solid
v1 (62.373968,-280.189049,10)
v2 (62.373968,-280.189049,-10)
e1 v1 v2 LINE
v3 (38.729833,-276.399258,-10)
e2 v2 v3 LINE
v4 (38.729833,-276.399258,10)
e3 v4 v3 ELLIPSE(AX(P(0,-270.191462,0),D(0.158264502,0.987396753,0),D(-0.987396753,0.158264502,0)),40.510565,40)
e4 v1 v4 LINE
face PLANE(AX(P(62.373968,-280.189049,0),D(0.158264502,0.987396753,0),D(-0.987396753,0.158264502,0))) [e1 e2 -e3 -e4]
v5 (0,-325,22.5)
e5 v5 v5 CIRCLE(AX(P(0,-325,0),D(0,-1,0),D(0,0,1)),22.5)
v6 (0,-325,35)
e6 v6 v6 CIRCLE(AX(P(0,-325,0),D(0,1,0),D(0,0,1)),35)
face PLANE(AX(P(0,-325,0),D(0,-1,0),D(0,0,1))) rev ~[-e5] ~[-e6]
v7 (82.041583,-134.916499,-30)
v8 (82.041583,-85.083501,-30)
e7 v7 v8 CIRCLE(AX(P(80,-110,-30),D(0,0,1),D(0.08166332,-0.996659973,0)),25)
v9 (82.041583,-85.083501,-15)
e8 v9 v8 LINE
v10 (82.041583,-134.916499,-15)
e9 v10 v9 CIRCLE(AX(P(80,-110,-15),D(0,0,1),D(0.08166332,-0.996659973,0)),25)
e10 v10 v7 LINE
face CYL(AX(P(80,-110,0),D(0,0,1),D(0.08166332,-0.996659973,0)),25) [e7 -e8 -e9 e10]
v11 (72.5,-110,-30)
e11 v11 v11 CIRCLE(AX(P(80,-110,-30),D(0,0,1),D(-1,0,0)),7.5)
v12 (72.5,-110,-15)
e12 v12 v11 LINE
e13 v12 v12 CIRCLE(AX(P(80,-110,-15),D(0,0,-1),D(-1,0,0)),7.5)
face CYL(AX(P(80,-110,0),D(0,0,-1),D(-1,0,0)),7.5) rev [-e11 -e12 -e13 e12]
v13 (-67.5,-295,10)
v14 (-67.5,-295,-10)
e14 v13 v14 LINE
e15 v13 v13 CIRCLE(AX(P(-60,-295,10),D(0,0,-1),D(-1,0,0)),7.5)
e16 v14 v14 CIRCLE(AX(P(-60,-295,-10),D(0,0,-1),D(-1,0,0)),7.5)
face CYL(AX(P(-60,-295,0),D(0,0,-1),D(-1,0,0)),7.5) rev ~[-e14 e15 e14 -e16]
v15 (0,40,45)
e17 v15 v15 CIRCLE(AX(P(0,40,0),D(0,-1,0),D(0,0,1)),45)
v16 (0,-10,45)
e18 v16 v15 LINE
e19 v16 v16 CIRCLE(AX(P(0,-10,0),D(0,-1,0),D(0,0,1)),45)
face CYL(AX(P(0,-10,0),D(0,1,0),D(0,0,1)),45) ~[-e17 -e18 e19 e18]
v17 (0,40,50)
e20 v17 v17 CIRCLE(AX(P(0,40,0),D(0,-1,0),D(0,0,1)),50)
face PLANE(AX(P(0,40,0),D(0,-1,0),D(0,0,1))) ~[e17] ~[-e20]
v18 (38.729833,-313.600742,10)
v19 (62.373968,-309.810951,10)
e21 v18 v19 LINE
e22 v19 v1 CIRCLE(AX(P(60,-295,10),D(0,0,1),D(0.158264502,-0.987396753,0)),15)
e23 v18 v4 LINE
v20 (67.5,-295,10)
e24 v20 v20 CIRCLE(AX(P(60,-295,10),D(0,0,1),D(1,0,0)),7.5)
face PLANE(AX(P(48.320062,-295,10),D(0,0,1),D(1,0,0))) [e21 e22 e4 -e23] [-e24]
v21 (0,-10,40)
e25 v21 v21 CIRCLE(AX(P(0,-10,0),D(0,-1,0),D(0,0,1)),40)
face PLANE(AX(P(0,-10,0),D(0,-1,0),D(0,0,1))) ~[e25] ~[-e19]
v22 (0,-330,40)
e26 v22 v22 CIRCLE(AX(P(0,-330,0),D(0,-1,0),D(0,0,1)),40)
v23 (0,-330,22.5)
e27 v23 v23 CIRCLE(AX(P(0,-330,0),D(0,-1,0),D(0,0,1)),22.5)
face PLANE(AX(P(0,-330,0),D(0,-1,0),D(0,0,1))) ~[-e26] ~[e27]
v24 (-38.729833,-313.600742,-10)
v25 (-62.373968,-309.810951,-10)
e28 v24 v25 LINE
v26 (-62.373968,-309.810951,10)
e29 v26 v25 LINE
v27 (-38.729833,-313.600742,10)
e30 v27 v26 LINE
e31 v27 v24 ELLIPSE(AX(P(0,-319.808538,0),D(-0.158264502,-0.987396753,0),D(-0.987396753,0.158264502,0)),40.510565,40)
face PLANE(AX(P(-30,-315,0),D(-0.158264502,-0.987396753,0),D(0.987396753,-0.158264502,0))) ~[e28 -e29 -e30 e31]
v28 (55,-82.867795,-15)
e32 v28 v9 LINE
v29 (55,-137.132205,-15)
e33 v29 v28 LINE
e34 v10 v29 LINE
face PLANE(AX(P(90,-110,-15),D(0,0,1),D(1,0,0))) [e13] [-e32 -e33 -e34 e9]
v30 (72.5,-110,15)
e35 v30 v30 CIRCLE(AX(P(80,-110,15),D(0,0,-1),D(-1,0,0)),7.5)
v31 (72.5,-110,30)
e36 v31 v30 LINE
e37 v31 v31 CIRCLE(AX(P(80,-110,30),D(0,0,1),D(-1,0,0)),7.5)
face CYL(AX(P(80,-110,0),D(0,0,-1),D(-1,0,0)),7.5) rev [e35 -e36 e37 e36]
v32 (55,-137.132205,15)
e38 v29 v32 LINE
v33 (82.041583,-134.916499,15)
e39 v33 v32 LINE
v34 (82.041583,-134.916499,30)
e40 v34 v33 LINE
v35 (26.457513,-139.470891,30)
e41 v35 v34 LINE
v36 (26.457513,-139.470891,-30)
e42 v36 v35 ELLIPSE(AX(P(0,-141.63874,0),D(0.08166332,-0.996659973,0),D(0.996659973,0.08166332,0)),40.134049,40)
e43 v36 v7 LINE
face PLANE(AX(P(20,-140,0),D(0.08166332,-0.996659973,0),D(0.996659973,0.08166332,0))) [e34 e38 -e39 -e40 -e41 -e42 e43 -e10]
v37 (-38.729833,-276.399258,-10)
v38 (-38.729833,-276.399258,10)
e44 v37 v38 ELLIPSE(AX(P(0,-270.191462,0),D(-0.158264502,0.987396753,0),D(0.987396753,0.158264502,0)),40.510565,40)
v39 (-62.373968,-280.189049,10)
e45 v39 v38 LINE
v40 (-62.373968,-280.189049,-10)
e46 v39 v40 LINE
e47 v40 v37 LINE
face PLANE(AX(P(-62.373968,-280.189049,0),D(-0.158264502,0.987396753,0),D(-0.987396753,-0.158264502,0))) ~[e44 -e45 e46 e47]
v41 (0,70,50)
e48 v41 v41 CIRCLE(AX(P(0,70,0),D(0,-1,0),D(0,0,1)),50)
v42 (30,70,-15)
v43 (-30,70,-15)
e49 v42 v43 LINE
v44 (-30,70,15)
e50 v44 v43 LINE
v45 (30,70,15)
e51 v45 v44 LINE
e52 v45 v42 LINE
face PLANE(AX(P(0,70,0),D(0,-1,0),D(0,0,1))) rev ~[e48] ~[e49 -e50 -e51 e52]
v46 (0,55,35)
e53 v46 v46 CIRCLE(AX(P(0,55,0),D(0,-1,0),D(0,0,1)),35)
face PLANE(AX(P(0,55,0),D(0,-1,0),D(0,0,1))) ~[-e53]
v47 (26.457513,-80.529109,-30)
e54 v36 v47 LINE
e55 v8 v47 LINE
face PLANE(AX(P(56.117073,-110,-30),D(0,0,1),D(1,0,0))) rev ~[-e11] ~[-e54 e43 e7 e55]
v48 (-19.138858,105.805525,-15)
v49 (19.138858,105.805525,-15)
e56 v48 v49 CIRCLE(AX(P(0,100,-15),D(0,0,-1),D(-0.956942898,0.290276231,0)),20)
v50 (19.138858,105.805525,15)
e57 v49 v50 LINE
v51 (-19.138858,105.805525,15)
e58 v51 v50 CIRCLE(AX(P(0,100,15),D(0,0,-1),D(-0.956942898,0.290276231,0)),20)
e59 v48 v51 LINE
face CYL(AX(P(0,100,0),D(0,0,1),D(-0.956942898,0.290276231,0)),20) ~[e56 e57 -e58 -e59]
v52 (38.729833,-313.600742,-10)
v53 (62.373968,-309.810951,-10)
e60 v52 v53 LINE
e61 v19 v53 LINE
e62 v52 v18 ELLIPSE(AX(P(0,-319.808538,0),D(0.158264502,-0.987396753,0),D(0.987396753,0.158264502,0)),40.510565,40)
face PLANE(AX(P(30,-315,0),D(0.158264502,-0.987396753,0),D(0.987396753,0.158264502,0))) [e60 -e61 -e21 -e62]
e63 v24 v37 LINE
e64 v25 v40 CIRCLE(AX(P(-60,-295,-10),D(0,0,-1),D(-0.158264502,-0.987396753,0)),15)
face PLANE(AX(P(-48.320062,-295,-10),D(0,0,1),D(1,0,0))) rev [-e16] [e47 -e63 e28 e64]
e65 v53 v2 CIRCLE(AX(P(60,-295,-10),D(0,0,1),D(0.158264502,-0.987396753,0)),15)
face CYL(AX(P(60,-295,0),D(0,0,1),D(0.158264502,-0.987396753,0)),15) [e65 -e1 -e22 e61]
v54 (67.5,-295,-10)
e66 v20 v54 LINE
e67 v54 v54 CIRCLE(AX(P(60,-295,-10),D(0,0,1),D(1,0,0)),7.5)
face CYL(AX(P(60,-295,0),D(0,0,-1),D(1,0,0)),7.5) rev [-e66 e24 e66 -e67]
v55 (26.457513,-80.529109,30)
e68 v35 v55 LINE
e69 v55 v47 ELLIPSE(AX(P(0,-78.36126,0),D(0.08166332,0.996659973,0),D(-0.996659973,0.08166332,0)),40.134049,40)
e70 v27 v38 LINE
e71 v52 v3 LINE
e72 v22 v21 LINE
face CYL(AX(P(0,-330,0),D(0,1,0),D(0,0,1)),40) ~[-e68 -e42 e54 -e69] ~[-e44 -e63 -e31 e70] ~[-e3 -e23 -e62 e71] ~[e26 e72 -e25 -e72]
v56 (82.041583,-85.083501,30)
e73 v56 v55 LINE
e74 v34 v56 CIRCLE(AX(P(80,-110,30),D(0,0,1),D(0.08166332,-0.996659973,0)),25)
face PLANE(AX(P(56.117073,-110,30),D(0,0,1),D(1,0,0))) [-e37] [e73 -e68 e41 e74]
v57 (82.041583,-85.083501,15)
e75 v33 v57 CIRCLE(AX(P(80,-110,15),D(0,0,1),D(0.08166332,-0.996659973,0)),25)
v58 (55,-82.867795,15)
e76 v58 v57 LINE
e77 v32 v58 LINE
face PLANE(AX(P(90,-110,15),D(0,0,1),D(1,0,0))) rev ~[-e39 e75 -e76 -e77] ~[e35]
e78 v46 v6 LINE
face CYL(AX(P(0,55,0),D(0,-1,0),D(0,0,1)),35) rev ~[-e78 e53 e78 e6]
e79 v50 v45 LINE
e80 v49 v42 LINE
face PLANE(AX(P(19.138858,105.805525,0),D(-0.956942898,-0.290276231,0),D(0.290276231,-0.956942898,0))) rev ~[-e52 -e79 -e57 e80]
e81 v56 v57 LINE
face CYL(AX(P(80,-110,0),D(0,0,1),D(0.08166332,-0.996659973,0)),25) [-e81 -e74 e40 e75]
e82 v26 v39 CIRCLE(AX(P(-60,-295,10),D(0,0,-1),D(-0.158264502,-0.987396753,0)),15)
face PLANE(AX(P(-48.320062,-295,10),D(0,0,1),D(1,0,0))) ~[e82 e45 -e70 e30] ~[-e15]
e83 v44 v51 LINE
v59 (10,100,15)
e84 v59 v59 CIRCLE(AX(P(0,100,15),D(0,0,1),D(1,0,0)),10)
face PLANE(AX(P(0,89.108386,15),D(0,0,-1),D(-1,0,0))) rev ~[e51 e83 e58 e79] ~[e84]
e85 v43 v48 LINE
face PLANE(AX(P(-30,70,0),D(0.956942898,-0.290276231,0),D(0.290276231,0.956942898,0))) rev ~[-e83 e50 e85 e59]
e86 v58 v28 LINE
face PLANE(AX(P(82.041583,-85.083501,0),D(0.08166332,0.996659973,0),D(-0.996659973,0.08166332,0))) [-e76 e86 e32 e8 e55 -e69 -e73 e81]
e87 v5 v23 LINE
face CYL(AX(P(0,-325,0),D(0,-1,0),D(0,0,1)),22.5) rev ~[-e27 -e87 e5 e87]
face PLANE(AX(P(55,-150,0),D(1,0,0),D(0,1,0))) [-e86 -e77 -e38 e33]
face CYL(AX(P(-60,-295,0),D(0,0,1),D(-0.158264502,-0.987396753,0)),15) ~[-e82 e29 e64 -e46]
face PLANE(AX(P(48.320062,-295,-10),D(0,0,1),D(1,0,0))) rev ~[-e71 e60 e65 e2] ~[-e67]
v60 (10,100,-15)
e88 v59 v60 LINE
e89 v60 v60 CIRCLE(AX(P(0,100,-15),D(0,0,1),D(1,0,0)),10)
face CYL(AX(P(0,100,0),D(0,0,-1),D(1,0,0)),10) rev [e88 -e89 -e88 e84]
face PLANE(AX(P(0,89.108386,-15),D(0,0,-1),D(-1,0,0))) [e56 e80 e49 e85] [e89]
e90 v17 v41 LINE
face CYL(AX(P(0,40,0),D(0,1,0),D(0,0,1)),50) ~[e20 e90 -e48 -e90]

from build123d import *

# Parameters (mm, degrees)
SKETCH2_R           = 10
BOSS_EXTRUDE1_DEPTH = 15
SKETCH3_R           = 7.5
BOSS_EXTRUDE2_DEPTH = 10
SKETCH8_R           = 7.5
BOSS_EXTRUDE3_DEPTH = 30
SKETCH4_W           = 35
SKETCH4_H           = 315
SKETCH9_W           = 70
SKETCH9_H           = 80
CUT_EXTRUDE1_DEPTH  = 15


with BuildPart() as part:
    # Sketch1 → Base-Revolve (revolve)
    with BuildSketch(Plane.XY, mode=Mode.PRIVATE) as base_revolve_sk:
        Polygon((22.5, -330), (40, -330), (40, -10), (45, -10), (45, 40), (50, 40), (50, 70), (0, 70), (0, 55), (35, 55), (35, -325), (22.5, -325), align=None)
    revolve(base_revolve_sk.sketch.rotate(Axis((0, 100, 0), (0, -1, 0)), 90), axis=Axis((0, 100, 0), (0, -1, 0)))

    # Sketch2 → Boss-Extrude1 (add, symmetric)
    with BuildSketch(Plane.XY):
        with BuildLine():
            Line((19.138857956, 105.805524623), (30, 70))
            Line((30, 70), (-30, 70))
            Line((-30, 70), (-19.138857956, 105.805524623))
            ThreePointArc((-19.138857956, 105.805524623), (0, 120), (19.138857956, 105.805524623))
        make_face()
        with Locations((0, 100)):
            Circle(SKETCH2_R, mode=Mode.SUBTRACT)
    extrude(amount=BOSS_EXTRUDE1_DEPTH, both=True)

    # Sketch3 → Boss-Extrude2 (add, symmetric)
    with BuildSketch(Plane.XY):
        with BuildLine():
            Line((62.373967528, -280.189048708), (30, -275))
            Line((30, -275), (30, -315))
            Line((30, -315), (62.373967528, -309.810951292))
            ThreePointArc((62.373967528, -309.810951292), (75, -295), (62.373967528, -280.189048708))
        make_face()
        with Locations((60, -295)):
            Circle(SKETCH3_R, mode=Mode.SUBTRACT)
    boss_extrude2 = extrude(amount=BOSS_EXTRUDE2_DEPTH, both=True)

    # Mirror1: Boss-Extrude2 across plane
    add(boss_extrude2.mirror(Plane(origin=(0, 0, 0), x_dir=(0, 0, 1), z_dir=(1, 0, 0))))

    # Sketch8 → Boss-Extrude3 (add, symmetric)
    with BuildSketch(Plane.XY):
        with BuildLine():
            Line((82.041582998, -85.08350067), (20, -80))
            Line((20, -80), (20, -140))
            Line((20, -140), (82.041582998, -134.91649933))
            ThreePointArc((82.041582998, -134.91649933), (105, -110), (82.041582998, -85.08350067))
        make_face()
        with Locations(Location((80, -110, 0), (0, 0, 180))):
            Circle(SKETCH8_R, mode=Mode.SUBTRACT)
    extrude(amount=BOSS_EXTRUDE3_DEPTH, both=True)

    # Sketch4 → Cut-Revolve1 (revolve, cut)
    with BuildSketch(Plane.XY):
        with Locations((17.5, -167.5)):
            Rectangle(SKETCH4_W, SKETCH4_H)
    revolve(axis=Axis((0, 0, 0), (0, -1, 0)), mode=Mode.SUBTRACT)

    # Sketch9 → Cut-Extrude1 (cut, symmetric)
    with BuildSketch(Plane.XY):
        with Locations((90, -110)):
            Rectangle(SKETCH9_W, SKETCH9_H)
    extrude(amount=CUT_EXTRUDE1_DEPTH, both=True, mode=Mode.SUBTRACT)


solid = part.part
